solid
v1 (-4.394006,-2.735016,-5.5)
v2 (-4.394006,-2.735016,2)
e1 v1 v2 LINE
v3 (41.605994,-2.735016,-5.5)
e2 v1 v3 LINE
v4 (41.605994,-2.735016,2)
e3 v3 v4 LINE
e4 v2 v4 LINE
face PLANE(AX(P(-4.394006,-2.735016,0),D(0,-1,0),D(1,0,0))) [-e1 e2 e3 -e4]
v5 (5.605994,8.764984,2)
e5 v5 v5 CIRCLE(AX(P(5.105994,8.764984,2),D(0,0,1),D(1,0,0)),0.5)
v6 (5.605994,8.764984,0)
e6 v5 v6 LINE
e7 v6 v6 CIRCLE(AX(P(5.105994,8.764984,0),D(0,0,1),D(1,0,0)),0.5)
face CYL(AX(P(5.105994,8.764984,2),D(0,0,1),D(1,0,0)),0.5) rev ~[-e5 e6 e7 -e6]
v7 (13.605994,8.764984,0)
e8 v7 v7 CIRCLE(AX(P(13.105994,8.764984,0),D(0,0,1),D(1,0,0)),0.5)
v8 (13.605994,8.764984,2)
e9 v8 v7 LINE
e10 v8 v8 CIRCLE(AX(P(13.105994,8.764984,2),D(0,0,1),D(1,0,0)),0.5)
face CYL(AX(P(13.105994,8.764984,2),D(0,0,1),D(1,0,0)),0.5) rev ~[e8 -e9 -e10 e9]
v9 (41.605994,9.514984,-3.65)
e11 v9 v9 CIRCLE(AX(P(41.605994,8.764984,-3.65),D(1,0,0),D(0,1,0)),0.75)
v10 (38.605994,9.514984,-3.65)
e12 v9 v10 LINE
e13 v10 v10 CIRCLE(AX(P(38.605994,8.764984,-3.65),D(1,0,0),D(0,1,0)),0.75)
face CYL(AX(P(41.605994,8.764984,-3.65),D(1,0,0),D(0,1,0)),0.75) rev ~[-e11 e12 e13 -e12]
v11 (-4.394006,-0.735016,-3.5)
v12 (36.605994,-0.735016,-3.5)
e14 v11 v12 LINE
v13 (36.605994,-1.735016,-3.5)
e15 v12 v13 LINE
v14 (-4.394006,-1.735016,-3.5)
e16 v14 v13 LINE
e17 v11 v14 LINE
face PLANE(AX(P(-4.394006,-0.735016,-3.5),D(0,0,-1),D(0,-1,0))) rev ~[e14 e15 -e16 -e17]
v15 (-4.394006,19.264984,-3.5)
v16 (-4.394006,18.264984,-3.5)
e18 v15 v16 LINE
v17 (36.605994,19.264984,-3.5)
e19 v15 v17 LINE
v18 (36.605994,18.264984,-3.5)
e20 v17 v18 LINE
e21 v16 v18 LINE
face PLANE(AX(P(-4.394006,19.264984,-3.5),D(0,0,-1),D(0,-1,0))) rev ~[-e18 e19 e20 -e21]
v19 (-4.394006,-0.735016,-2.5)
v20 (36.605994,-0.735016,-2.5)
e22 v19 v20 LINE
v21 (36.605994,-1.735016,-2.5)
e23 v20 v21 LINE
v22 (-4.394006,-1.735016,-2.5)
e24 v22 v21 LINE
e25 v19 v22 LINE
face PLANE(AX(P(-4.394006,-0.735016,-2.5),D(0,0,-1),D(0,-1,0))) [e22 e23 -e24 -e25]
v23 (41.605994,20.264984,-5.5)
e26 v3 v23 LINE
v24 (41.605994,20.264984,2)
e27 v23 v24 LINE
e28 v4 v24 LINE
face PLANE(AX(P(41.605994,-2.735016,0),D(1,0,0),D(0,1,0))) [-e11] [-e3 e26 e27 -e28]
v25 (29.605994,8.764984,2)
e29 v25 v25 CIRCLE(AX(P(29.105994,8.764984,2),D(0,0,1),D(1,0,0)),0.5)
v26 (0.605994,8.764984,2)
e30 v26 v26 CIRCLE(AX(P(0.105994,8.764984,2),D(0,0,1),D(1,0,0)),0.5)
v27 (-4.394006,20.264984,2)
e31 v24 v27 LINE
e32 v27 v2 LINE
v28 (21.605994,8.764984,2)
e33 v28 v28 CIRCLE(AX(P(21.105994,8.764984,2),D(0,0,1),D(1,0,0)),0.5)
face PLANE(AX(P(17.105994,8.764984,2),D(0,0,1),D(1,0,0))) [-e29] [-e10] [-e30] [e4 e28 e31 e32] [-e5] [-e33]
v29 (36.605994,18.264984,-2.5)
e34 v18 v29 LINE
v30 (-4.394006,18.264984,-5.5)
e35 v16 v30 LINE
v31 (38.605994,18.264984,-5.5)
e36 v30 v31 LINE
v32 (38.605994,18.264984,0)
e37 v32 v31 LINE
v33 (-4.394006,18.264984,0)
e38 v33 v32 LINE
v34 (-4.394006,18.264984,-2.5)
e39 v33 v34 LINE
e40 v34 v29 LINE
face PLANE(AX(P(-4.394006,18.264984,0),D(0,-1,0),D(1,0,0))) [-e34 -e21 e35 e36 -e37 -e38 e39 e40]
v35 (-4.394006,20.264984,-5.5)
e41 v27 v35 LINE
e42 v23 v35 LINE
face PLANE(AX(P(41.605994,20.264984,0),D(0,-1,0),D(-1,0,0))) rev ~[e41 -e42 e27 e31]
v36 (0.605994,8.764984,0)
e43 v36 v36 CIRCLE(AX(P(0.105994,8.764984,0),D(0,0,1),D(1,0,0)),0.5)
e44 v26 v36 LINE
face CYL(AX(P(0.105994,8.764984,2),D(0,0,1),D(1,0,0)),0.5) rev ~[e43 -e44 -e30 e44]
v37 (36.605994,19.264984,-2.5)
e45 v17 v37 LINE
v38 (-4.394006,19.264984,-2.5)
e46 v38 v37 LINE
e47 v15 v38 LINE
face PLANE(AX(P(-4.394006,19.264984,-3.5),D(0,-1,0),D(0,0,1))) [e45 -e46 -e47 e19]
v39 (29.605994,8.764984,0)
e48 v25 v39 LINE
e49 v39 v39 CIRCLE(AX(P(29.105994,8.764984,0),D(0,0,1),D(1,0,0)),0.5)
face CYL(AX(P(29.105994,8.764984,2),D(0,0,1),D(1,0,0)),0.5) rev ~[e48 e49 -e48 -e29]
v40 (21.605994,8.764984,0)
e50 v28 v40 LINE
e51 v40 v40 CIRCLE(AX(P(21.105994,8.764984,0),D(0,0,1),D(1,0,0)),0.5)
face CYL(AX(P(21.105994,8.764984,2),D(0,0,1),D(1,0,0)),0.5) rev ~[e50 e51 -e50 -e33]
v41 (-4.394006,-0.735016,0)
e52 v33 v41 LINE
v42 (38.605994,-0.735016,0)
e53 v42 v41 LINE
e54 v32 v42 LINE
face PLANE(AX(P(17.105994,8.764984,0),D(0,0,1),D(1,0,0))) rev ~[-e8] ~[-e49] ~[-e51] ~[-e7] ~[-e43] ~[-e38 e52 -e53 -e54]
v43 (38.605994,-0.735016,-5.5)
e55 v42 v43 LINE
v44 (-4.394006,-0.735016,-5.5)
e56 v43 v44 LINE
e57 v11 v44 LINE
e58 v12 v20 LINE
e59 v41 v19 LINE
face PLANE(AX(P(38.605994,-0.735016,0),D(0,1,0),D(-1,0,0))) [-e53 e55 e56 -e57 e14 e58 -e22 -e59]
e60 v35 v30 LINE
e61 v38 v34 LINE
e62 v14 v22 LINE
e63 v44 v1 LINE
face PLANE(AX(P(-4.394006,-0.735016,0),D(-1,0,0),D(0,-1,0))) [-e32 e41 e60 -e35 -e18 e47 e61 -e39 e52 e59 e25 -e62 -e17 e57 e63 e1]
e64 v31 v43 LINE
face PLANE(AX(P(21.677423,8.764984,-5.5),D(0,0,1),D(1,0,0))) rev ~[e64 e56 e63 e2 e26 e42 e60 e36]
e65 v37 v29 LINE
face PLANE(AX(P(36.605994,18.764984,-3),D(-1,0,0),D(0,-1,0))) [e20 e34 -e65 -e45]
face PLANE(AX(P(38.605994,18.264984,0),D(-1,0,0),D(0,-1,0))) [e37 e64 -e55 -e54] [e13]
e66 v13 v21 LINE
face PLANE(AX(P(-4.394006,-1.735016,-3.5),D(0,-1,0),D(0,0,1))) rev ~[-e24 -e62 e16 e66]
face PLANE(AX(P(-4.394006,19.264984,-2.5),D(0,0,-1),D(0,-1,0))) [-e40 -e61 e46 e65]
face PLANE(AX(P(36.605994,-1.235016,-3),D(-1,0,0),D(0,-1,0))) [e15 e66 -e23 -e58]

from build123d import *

# Parameters (mm, degrees)
F0_W     = 43
F0_H     = 19
F1_DEPTH = 2
F2_DEPTH = 5.5
F3_W     = 1
F3_H     = 1
F4_DEPTH = 41
F5_R     = 0.75
F6_DEPTH = 3
F7_R     = 0.5
F8_DEPTH = 2


with BuildPart() as f1:
    # F0 (on Top) → F1 (new body)
    with BuildSketch(Plane.XY):
        with Locations((17.1059944248, 8.7649840168)):
            Rectangle(F0_W, F0_H)
        Polygon((-4.3940055752, -0.7350159832), (-4.3940055752, -2.7350159832), (41.6059944248, -2.7350159832), (41.6059944248, 20.2649840168), (-4.3940055752, 20.2649840168), (-4.3940055752, 18.2649840168), (38.6059944248, 18.2649840168), (38.6059944248, -0.7350159832), align=None)
    extrude(amount=F1_DEPTH)

    # F0 (on Top) → F2 (join)
    with BuildSketch(Plane.XY):
        Polygon((-4.3940055752, -0.7350159832), (-4.3940055752, -2.7350159832), (41.6059944248, -2.7350159832), (41.6059944248, 20.2649840168), (-4.3940055752, 20.2649840168), (-4.3940055752, 18.2649840168), (38.6059944248, 18.2649840168), (38.6059944248, -0.7350159832), align=None)
    extrude(amount=-F2_DEPTH)

    # F3 (on face) → F4 (cut)
    with BuildSketch(Plane(origin=(-4.3940055752, 0, 0), x_dir=(0, -1, 0), z_dir=(-1, 0, 0))):
        with Locations((-18.7649840168, -3)):
            Rectangle(F3_W, F3_H)
        with Locations((1.2350159832, -3)):
            Rectangle(F3_W, F3_H)
    extrude(amount=-F4_DEPTH, mode=Mode.SUBTRACT)

    # F5 (on face) → F6 (cut, through all)
    with BuildSketch(Plane.YZ.offset(41.6059944248)):
        with Locations((8.7649840168, -3.65)):
            Circle(F5_R)
    extrude(amount=-F6_DEPTH, mode=Mode.SUBTRACT)

    # F7 (on face) → F8 (cut, through all)
    with BuildSketch(Plane.XY.offset(2)):
        with Locations((5.1059944248, 8.7649840168)):
            Circle(F7_R)
        with Locations((13.1059944248, 8.7649840168)):
            Circle(F7_R)
        with Locations((21.1059944248, 8.7649840168)):
            Circle(F7_R)
        with Locations((29.1059944248, 8.7649840168)):
            Circle(F7_R)
        with Locations((0.1059944248, 8.7649840168)):
            Circle(F7_R)
    extrude(amount=-F8_DEPTH, mode=Mode.SUBTRACT)


solid = f1.part
